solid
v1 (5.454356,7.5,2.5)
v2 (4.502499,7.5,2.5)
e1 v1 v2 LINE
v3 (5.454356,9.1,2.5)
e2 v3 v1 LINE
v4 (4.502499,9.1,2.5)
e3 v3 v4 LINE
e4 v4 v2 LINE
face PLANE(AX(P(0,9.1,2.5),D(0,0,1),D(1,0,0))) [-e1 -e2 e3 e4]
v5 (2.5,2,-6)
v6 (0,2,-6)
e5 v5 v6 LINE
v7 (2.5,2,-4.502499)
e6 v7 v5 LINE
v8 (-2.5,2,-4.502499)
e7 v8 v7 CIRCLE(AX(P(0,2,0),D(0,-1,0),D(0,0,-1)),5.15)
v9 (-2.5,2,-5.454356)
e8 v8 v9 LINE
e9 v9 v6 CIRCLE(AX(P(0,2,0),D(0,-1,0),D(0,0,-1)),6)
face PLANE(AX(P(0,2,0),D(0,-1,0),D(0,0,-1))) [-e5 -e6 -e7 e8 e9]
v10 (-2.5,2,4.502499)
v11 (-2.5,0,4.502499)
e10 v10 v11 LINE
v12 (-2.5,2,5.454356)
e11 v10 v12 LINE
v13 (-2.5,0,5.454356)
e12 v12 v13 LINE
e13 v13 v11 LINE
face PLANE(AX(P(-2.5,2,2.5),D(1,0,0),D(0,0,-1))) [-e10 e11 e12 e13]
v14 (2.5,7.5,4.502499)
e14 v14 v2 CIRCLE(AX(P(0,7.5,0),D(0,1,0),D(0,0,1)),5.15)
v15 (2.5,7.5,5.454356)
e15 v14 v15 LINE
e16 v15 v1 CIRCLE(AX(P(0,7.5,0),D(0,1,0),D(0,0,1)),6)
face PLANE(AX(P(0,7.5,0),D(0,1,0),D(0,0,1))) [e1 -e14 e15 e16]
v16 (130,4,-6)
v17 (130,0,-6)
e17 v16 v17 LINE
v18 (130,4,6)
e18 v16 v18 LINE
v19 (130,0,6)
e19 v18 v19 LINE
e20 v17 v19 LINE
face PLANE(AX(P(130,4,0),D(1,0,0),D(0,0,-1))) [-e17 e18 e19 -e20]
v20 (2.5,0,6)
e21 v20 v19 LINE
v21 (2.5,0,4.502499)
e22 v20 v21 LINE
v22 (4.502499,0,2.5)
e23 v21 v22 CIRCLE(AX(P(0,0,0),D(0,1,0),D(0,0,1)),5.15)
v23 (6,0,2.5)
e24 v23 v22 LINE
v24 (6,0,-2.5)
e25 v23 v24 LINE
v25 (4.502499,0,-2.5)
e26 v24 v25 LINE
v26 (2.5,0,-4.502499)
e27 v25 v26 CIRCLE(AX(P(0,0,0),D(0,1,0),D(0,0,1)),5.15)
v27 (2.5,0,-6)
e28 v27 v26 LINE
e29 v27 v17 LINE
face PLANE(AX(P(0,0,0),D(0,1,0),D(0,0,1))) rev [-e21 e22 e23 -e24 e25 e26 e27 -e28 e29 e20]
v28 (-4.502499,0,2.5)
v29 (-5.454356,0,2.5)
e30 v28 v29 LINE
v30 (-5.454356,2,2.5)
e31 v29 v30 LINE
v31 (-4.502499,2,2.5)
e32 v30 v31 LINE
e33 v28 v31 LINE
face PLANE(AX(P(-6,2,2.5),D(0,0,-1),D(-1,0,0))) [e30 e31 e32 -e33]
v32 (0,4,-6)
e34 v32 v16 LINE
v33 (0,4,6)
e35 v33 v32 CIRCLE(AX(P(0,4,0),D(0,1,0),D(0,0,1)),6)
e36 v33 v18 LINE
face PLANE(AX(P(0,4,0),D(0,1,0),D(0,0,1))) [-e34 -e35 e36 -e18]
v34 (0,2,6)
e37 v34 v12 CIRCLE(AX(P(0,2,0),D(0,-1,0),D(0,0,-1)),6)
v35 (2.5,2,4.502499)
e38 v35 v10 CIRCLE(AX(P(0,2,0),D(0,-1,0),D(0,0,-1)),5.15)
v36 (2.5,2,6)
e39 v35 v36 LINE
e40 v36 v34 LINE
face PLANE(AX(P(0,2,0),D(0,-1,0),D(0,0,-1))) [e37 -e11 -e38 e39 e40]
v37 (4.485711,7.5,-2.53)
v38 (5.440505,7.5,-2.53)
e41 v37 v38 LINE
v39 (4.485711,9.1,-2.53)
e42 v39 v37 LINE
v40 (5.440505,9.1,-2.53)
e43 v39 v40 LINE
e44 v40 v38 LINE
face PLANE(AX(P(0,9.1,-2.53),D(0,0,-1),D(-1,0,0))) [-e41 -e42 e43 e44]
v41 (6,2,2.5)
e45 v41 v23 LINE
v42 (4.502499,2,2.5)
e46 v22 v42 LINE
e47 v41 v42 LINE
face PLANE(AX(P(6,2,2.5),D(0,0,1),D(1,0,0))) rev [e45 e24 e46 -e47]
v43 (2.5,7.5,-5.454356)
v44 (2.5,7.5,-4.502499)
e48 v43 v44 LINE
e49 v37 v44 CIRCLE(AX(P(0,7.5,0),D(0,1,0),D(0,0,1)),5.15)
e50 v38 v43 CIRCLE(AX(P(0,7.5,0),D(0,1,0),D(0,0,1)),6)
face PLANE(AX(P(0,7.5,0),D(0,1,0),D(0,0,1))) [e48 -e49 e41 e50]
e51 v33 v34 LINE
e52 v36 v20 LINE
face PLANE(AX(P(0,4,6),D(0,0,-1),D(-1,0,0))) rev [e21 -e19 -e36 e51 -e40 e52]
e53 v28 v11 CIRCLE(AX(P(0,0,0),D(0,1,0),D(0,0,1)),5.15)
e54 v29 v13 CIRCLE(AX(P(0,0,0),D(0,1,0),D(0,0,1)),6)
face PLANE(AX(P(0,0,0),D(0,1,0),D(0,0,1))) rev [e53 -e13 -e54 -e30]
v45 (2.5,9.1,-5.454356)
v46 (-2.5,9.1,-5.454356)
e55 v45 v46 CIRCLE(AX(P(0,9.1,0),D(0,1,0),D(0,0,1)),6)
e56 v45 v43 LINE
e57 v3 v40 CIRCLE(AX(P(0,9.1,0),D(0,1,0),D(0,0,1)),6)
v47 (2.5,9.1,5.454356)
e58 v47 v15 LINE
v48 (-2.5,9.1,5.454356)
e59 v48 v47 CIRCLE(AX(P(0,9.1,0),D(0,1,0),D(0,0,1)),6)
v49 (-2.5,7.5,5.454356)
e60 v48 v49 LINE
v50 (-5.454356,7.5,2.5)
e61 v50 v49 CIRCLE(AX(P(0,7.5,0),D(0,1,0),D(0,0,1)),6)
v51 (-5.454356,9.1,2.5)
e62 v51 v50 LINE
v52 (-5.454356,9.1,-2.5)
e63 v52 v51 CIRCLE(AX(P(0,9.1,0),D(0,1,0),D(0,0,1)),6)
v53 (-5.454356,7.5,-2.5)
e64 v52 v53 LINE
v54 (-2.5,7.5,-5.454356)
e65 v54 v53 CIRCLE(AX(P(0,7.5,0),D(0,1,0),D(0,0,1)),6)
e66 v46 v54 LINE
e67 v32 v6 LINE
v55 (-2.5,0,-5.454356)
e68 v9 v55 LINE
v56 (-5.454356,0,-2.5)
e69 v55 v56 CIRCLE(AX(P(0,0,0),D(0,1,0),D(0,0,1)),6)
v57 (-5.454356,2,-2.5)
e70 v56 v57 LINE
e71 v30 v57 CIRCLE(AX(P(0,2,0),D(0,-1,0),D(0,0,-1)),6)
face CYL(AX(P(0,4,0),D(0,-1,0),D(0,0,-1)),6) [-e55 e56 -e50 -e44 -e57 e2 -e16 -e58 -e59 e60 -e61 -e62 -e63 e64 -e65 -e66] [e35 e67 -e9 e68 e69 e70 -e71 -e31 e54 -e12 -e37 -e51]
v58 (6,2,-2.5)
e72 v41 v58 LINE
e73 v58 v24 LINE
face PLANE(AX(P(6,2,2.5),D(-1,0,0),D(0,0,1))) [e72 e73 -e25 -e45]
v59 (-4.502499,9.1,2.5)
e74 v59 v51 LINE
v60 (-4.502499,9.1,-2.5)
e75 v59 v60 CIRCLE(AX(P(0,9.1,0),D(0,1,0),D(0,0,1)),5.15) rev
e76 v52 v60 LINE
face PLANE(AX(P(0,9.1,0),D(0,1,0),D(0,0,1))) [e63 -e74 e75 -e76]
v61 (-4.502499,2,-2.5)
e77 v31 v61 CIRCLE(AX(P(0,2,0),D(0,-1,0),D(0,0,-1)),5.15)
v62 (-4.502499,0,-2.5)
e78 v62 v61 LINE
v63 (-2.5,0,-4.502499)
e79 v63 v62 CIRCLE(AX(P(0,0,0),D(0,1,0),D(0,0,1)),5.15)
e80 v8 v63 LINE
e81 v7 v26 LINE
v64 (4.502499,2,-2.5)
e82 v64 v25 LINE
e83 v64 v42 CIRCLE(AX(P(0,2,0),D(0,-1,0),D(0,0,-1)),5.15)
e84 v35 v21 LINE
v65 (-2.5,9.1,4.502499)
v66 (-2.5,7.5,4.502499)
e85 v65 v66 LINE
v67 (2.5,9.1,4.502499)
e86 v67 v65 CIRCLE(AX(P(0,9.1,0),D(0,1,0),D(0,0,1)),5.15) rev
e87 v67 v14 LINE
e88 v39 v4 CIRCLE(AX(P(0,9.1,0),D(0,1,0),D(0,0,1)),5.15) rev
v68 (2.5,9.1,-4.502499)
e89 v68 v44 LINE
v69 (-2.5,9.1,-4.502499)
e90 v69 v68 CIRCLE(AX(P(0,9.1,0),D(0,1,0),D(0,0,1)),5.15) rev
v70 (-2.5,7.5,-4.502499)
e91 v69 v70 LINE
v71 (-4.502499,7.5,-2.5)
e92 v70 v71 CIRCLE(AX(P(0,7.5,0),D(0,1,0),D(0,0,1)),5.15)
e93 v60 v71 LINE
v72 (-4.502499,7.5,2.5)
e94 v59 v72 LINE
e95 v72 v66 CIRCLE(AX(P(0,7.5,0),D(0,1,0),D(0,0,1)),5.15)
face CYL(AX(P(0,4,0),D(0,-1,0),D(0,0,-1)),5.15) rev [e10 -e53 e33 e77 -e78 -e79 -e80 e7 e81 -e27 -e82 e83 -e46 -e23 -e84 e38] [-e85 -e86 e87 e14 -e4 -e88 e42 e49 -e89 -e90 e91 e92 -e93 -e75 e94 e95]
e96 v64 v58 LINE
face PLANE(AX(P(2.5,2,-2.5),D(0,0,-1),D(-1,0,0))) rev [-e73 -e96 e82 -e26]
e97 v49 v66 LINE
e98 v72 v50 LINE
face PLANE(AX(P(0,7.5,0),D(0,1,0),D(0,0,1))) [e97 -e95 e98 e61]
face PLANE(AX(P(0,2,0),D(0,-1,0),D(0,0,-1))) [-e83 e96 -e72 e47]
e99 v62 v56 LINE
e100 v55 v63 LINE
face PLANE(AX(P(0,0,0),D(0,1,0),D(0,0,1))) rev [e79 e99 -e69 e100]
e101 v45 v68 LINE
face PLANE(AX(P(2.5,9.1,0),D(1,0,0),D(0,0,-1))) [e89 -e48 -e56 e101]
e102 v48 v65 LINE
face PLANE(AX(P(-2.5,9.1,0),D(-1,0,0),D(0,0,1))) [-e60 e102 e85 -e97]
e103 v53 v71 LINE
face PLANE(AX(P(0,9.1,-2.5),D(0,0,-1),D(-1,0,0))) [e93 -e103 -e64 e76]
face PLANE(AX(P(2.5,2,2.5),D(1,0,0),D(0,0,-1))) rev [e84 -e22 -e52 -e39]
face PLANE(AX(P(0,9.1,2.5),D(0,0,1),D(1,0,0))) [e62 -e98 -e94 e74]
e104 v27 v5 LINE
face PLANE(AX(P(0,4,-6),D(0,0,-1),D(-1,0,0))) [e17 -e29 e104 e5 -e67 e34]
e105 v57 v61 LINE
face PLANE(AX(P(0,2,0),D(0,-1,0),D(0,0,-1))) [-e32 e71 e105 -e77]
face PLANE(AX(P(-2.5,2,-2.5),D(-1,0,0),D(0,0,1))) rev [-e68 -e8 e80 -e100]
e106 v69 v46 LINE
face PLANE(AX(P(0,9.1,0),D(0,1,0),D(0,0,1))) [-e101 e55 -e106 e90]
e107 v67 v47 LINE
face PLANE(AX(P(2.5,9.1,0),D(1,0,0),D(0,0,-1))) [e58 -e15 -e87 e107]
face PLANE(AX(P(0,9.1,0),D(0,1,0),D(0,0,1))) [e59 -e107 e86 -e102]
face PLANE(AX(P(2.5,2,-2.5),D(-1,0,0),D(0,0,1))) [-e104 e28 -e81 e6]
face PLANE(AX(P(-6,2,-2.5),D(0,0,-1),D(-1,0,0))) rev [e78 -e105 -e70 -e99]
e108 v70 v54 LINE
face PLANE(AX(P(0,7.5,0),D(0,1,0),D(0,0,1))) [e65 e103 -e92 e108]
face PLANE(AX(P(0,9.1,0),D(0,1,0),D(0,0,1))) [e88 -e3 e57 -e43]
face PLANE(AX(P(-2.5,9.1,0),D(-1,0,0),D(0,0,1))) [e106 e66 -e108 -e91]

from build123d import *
from build123d.topology import SkipClean

# Parameters (mm, degrees)
SKETCH_1_R          = 6
SKETCH_1_R_2        = 5.15
EXTRUDE_3_DEPTH     = 4
SKETCH_2_R          = 6
SKETCH_2_R_2        = 5.15
EXTRUDE_4_DEPTH     = 3.5
CUT_EXTRUDE_1_DEPTH = 2
EXTRUDE_5_DEPTH     = 1.6


with BuildPart() as part:
    # 草图1 → 凸台-拉伸3 (new body)
    # profile 1 of 2: a face of its own
    with BuildSketch(Plane(origin=(0, 0, 0), x_dir=(1, 0, 0), z_dir=(0, 1, 0))):
        with BuildLine():
            Line((130, 6), (0, 6))
            ThreePointArc((0, 6), (4.242640687, 4.242640687), (6, 0))
            ThreePointArc((6, 0), (4.242640687, -4.242640687), (0, -6))
            Line((0, -6), (130, -6))
            Line((130, -6), (130, 6))
        make_face()
    # profile 2 of 2: a face of its own
    with BuildSketch(Plane(origin=(0, 0, 0), x_dir=(1, 0, 0), z_dir=(0, 1, 0))):
        Circle(SKETCH_1_R)
        with Locations(Location((0, 0, 0), (0, 0, 270))):
            Circle(SKETCH_1_R_2, mode=Mode.SUBTRACT)
    extrude(amount=EXTRUDE_3_DEPTH)

    # 草图2 → 凸台-拉伸4 (add)
    with BuildSketch(Plane(origin=(0, 4, 0), x_dir=(1, 0, 0), z_dir=(0, 1, 0))):
        with Locations(Location((0, 0, 0), (0, 0, 270))):
            Circle(SKETCH_2_R)
        with Locations(Location((0, 0, 0), (0, 0, 270))):
            Circle(SKETCH_2_R_2, mode=Mode.SUBTRACT)
    extrude(amount=EXTRUDE_4_DEPTH)

    # 草图3 → 切除-拉伸1 (cut)
    with BuildSketch(Plane.XZ):
        Polygon((-2.5, -8.5), (2.5, -8.5), (2.5, -2.5), (6, -2.5), (6, 2.5), (2.5, 2.5), (2.5, 8.5), (-2.5, 8.5), (-2.5, 2.5), (-6, 2.5), (-6, -2.5), (-2.5, -2.5), align=None)
    extrude(amount=-CUT_EXTRUDE_1_DEPTH, mode=Mode.SUBTRACT)

    # 草图4 → 凸台-拉伸5 (add)
    with SkipClean():  # the faces are left unmerged after this step: merging them gives an invalid solid
        with BuildSketch(Plane(origin=(0, 7.5, 0), x_dir=(1, 0, 0), z_dir=(0, 1, 0))):
            with BuildLine():
                ThreePointArc((-4.502499306, -2.5), (-5.15, 0), (-4.502499306, 2.5))
                Line((-4.502499306, 2.5), (-5.454356057, 2.5))
                ThreePointArc((-5.454356057, 2.5), (-6, 0), (-5.454356057, -2.5))
                Line((-5.454356057, -2.5), (-4.502499306, -2.5))
            make_face()
            with BuildLine():
                ThreePointArc((-2.5, 4.502499306), (0, 5.15), (2.5, 4.502499306))
                Line((2.5, 4.502499306), (2.5, 5.454356057))
                ThreePointArc((2.5, 5.454356057), (0, 6), (-2.5, 5.454356057))
                Line((-2.5, 5.454356057), (-2.5, 4.502499306))
            make_face()
            with BuildLine():
                Line((5.440505491, 2.53), (4.485710646, 2.53))
                ThreePointArc((4.485710646, 2.53), (4.981159997, 1.307878085), (5.15, 0))
                ThreePointArc((5.15, 0), (4.985497539, -1.291245247), (4.502499306, -2.5))
                Line((4.502499306, -2.5), (5.454356057, -2.5))
                ThreePointArc((5.454356057, -2.5), (5.862002062, -1.279426367), (6, 0))
                ThreePointArc((6, 0), (5.858456834, 1.295563015), (5.440505491, 2.53))
            make_face()
            with BuildLine():
                Line((2.5, -5.454356057), (2.5, -4.502499306))
                ThreePointArc((2.5, -4.502499306), (0, -5.15), (-2.5, -4.502499306))
                Line((-2.5, -4.502499306), (-2.5, -5.454356057))
                ThreePointArc((-2.5, -5.454356057), (0, -6), (2.5, -5.454356057))
            make_face()
        extrude(amount=EXTRUDE_5_DEPTH)


solid = part.part
